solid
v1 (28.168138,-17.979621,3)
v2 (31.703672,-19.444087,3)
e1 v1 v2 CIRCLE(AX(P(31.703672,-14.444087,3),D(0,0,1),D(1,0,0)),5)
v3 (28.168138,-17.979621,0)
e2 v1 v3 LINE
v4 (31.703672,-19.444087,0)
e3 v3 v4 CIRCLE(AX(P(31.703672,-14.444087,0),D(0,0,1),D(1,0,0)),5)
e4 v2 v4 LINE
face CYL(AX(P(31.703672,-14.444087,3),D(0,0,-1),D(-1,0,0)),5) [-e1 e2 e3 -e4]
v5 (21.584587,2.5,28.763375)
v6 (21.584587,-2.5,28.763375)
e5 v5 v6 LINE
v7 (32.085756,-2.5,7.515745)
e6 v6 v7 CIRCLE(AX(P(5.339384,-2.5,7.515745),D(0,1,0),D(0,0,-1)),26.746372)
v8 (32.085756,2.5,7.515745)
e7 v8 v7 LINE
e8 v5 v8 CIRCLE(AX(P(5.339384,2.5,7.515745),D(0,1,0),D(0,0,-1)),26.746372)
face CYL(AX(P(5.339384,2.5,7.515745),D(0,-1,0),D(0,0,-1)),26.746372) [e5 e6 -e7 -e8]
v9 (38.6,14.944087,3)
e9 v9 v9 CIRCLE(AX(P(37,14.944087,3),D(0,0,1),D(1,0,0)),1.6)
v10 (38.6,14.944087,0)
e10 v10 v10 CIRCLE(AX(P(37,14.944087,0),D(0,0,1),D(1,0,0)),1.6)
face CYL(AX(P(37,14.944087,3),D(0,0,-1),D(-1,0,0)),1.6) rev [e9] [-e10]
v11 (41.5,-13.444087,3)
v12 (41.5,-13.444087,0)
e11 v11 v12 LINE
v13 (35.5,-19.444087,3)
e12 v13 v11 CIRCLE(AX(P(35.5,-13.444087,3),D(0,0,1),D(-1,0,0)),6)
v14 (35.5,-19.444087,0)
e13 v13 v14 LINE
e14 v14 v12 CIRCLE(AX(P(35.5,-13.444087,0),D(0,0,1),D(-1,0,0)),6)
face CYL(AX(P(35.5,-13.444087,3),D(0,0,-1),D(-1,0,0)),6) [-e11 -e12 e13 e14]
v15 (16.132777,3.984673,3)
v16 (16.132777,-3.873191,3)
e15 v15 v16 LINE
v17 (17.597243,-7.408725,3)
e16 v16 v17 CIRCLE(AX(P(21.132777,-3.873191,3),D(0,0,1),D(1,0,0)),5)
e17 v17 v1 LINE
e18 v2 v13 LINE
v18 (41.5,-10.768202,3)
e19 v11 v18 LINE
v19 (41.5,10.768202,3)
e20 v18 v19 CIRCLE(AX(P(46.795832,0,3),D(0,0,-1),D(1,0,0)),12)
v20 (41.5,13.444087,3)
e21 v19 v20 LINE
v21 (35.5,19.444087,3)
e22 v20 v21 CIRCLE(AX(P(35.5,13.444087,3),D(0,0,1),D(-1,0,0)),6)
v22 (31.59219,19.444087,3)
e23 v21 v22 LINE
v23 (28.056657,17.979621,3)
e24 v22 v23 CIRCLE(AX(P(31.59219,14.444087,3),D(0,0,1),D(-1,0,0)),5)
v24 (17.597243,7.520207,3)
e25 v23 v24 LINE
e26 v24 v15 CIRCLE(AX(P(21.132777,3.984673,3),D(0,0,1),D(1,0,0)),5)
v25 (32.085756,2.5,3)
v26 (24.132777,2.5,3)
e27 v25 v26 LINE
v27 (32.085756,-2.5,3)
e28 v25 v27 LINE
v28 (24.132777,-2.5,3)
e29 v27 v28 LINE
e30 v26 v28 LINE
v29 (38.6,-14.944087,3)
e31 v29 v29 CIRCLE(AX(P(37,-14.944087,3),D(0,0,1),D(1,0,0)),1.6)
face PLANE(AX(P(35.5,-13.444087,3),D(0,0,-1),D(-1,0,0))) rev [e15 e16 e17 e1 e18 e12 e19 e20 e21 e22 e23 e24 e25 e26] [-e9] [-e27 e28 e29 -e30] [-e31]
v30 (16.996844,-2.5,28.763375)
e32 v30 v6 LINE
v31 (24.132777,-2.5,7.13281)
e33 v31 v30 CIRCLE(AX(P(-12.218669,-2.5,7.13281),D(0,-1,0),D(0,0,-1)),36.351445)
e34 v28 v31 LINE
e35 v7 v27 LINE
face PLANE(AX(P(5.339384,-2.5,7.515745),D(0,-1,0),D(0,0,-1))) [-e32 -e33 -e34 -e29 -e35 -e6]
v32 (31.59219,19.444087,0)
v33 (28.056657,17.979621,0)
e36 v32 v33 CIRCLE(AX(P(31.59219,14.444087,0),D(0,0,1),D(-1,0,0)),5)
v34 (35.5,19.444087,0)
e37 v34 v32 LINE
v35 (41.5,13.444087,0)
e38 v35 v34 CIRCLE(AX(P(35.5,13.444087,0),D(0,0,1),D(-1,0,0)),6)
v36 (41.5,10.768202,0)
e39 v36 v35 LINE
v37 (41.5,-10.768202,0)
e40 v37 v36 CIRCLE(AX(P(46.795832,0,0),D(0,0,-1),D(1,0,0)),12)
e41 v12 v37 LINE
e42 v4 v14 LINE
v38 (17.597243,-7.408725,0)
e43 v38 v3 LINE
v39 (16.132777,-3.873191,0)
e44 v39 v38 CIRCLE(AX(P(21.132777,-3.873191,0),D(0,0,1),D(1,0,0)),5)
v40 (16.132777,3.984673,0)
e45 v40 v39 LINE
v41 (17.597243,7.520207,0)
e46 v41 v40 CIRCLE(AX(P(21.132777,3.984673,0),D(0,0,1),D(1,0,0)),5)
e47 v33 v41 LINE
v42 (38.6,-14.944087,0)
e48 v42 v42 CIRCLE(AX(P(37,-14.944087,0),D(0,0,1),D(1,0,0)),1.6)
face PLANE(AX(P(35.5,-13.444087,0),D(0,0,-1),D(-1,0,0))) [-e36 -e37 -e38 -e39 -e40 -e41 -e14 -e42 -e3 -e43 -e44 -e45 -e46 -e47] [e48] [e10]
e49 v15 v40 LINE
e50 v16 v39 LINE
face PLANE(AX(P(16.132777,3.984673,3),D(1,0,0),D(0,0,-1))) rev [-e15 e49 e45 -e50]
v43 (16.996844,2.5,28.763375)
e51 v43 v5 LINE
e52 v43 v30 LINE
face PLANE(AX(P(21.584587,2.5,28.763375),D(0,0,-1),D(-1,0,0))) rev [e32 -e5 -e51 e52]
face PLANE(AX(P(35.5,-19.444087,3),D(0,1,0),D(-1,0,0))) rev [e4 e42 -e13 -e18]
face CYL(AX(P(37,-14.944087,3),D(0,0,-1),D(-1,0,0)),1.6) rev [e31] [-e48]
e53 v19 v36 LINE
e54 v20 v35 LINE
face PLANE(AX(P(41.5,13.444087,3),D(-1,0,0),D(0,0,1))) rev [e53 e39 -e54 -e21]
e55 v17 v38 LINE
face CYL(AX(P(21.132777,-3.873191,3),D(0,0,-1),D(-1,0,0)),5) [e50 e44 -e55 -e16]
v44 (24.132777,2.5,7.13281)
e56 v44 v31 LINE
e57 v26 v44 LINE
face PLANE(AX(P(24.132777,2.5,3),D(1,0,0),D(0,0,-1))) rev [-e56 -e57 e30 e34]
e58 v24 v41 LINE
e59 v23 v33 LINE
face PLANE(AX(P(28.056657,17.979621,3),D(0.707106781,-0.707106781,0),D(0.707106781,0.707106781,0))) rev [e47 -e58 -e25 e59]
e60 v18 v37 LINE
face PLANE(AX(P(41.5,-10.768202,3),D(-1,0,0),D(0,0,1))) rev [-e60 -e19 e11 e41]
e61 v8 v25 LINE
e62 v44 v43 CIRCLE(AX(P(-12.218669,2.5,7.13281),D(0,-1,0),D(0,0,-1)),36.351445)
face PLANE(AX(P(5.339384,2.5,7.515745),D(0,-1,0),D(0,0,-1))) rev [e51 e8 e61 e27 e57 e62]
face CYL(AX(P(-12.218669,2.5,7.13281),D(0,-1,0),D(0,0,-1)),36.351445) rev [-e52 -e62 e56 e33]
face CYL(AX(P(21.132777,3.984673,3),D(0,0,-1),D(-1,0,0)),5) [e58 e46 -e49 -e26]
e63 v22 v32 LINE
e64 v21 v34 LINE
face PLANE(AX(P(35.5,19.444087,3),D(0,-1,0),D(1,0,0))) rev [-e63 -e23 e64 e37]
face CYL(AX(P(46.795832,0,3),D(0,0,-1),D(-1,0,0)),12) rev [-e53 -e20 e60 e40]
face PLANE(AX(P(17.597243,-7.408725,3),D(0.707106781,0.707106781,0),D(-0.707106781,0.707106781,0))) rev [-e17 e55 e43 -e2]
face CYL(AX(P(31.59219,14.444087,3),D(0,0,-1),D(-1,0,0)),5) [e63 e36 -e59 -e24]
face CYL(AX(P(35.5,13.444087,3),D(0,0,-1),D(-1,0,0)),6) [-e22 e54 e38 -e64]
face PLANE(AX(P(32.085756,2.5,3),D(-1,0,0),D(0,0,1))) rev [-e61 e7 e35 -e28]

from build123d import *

# Parameters (mm, degrees)
SKETCH1_R           = 1.6
BOSS_EXTRUDE1_DEPTH = 3
BOSS_EXTRUDE2_DEPTH = 2.5


with BuildPart() as part:
    # Sketch1 → Boss-Extrude1 (new body)
    with BuildSketch(Plane.XY):
        with BuildLine():
            Line((41.5, -10.768201729), (41.5, -13.444086969))
            ThreePointArc((41.5, -13.444086969), (39.742640687, -17.686727656), (35.5, -19.444086969))
            Line((35.5, -19.444086969), (31.703672228, -19.444086969))
            ThreePointArc((31.703672228, -19.444086969), (29.790255066, -19.063484632), (28.168138322, -17.979620875))
            Line((28.168138322, -17.979620875), (17.597242638, -7.408725191))
            ThreePointArc((17.597242638, -7.408725191), (16.513378881, -5.786608447), (16.132776544, -3.873191285))
            Line((16.132776544, -3.873191285), (16.132776544, 3.984673091))
            ThreePointArc((16.132776544, 3.984673091), (16.513378881, 5.898090253), (17.597242638, 7.520206997))
            Line((17.597242638, 7.520206997), (28.056656516, 17.979620875))
            ThreePointArc((28.056656516, 17.979620875), (29.67877326, 19.063484632), (31.592190422, 19.444086969))
            Line((31.592190422, 19.444086969), (35.5, 19.444086969))
            ThreePointArc((35.5, 19.444086969), (39.742640687, 17.686727656), (41.5, 13.444086969))
            Line((41.5, 13.444086969), (41.5, 10.768201729))
            ThreePointArc((41.5, 10.768201729), (34.795831523, 0), (41.5, -10.768201729))
        make_face()
        with Locations((37, 14.944086969)):
            Circle(SKETCH1_R, mode=Mode.SUBTRACT)
        with Locations((37, -14.944086969)):
            Circle(SKETCH1_R, mode=Mode.SUBTRACT)
    extrude(amount=BOSS_EXTRUDE1_DEPTH)

    # Sketch2 → Boss-Extrude2 (add, symmetric)
    with BuildSketch(Plane(origin=(0, 0, 0), x_dir=(1, 0, 0), z_dir=(0, 1, 0))):
        with BuildLine():
            Line((32.08575566, -3), (32.08575566, -7.515745333))
            ThreePointArc((32.08575566, -7.515745333), (29.317171973, -19.366233959), (21.584586927, -28.76337527))
            Line((21.584586927, -28.76337527), (16.996844286, -28.76337527))
            ThreePointArc((16.996844286, -28.76337527), (22.302728229, -18.521432225), (24.132776544, -7.132809616))
            Line((24.132776544, -7.132809616), (24.132776544, -3))
            Line((24.132776544, -3), (32.08575566, -3))
        make_face()
    extrude(amount=BOSS_EXTRUDE2_DEPTH, both=True)


solid = part.part
